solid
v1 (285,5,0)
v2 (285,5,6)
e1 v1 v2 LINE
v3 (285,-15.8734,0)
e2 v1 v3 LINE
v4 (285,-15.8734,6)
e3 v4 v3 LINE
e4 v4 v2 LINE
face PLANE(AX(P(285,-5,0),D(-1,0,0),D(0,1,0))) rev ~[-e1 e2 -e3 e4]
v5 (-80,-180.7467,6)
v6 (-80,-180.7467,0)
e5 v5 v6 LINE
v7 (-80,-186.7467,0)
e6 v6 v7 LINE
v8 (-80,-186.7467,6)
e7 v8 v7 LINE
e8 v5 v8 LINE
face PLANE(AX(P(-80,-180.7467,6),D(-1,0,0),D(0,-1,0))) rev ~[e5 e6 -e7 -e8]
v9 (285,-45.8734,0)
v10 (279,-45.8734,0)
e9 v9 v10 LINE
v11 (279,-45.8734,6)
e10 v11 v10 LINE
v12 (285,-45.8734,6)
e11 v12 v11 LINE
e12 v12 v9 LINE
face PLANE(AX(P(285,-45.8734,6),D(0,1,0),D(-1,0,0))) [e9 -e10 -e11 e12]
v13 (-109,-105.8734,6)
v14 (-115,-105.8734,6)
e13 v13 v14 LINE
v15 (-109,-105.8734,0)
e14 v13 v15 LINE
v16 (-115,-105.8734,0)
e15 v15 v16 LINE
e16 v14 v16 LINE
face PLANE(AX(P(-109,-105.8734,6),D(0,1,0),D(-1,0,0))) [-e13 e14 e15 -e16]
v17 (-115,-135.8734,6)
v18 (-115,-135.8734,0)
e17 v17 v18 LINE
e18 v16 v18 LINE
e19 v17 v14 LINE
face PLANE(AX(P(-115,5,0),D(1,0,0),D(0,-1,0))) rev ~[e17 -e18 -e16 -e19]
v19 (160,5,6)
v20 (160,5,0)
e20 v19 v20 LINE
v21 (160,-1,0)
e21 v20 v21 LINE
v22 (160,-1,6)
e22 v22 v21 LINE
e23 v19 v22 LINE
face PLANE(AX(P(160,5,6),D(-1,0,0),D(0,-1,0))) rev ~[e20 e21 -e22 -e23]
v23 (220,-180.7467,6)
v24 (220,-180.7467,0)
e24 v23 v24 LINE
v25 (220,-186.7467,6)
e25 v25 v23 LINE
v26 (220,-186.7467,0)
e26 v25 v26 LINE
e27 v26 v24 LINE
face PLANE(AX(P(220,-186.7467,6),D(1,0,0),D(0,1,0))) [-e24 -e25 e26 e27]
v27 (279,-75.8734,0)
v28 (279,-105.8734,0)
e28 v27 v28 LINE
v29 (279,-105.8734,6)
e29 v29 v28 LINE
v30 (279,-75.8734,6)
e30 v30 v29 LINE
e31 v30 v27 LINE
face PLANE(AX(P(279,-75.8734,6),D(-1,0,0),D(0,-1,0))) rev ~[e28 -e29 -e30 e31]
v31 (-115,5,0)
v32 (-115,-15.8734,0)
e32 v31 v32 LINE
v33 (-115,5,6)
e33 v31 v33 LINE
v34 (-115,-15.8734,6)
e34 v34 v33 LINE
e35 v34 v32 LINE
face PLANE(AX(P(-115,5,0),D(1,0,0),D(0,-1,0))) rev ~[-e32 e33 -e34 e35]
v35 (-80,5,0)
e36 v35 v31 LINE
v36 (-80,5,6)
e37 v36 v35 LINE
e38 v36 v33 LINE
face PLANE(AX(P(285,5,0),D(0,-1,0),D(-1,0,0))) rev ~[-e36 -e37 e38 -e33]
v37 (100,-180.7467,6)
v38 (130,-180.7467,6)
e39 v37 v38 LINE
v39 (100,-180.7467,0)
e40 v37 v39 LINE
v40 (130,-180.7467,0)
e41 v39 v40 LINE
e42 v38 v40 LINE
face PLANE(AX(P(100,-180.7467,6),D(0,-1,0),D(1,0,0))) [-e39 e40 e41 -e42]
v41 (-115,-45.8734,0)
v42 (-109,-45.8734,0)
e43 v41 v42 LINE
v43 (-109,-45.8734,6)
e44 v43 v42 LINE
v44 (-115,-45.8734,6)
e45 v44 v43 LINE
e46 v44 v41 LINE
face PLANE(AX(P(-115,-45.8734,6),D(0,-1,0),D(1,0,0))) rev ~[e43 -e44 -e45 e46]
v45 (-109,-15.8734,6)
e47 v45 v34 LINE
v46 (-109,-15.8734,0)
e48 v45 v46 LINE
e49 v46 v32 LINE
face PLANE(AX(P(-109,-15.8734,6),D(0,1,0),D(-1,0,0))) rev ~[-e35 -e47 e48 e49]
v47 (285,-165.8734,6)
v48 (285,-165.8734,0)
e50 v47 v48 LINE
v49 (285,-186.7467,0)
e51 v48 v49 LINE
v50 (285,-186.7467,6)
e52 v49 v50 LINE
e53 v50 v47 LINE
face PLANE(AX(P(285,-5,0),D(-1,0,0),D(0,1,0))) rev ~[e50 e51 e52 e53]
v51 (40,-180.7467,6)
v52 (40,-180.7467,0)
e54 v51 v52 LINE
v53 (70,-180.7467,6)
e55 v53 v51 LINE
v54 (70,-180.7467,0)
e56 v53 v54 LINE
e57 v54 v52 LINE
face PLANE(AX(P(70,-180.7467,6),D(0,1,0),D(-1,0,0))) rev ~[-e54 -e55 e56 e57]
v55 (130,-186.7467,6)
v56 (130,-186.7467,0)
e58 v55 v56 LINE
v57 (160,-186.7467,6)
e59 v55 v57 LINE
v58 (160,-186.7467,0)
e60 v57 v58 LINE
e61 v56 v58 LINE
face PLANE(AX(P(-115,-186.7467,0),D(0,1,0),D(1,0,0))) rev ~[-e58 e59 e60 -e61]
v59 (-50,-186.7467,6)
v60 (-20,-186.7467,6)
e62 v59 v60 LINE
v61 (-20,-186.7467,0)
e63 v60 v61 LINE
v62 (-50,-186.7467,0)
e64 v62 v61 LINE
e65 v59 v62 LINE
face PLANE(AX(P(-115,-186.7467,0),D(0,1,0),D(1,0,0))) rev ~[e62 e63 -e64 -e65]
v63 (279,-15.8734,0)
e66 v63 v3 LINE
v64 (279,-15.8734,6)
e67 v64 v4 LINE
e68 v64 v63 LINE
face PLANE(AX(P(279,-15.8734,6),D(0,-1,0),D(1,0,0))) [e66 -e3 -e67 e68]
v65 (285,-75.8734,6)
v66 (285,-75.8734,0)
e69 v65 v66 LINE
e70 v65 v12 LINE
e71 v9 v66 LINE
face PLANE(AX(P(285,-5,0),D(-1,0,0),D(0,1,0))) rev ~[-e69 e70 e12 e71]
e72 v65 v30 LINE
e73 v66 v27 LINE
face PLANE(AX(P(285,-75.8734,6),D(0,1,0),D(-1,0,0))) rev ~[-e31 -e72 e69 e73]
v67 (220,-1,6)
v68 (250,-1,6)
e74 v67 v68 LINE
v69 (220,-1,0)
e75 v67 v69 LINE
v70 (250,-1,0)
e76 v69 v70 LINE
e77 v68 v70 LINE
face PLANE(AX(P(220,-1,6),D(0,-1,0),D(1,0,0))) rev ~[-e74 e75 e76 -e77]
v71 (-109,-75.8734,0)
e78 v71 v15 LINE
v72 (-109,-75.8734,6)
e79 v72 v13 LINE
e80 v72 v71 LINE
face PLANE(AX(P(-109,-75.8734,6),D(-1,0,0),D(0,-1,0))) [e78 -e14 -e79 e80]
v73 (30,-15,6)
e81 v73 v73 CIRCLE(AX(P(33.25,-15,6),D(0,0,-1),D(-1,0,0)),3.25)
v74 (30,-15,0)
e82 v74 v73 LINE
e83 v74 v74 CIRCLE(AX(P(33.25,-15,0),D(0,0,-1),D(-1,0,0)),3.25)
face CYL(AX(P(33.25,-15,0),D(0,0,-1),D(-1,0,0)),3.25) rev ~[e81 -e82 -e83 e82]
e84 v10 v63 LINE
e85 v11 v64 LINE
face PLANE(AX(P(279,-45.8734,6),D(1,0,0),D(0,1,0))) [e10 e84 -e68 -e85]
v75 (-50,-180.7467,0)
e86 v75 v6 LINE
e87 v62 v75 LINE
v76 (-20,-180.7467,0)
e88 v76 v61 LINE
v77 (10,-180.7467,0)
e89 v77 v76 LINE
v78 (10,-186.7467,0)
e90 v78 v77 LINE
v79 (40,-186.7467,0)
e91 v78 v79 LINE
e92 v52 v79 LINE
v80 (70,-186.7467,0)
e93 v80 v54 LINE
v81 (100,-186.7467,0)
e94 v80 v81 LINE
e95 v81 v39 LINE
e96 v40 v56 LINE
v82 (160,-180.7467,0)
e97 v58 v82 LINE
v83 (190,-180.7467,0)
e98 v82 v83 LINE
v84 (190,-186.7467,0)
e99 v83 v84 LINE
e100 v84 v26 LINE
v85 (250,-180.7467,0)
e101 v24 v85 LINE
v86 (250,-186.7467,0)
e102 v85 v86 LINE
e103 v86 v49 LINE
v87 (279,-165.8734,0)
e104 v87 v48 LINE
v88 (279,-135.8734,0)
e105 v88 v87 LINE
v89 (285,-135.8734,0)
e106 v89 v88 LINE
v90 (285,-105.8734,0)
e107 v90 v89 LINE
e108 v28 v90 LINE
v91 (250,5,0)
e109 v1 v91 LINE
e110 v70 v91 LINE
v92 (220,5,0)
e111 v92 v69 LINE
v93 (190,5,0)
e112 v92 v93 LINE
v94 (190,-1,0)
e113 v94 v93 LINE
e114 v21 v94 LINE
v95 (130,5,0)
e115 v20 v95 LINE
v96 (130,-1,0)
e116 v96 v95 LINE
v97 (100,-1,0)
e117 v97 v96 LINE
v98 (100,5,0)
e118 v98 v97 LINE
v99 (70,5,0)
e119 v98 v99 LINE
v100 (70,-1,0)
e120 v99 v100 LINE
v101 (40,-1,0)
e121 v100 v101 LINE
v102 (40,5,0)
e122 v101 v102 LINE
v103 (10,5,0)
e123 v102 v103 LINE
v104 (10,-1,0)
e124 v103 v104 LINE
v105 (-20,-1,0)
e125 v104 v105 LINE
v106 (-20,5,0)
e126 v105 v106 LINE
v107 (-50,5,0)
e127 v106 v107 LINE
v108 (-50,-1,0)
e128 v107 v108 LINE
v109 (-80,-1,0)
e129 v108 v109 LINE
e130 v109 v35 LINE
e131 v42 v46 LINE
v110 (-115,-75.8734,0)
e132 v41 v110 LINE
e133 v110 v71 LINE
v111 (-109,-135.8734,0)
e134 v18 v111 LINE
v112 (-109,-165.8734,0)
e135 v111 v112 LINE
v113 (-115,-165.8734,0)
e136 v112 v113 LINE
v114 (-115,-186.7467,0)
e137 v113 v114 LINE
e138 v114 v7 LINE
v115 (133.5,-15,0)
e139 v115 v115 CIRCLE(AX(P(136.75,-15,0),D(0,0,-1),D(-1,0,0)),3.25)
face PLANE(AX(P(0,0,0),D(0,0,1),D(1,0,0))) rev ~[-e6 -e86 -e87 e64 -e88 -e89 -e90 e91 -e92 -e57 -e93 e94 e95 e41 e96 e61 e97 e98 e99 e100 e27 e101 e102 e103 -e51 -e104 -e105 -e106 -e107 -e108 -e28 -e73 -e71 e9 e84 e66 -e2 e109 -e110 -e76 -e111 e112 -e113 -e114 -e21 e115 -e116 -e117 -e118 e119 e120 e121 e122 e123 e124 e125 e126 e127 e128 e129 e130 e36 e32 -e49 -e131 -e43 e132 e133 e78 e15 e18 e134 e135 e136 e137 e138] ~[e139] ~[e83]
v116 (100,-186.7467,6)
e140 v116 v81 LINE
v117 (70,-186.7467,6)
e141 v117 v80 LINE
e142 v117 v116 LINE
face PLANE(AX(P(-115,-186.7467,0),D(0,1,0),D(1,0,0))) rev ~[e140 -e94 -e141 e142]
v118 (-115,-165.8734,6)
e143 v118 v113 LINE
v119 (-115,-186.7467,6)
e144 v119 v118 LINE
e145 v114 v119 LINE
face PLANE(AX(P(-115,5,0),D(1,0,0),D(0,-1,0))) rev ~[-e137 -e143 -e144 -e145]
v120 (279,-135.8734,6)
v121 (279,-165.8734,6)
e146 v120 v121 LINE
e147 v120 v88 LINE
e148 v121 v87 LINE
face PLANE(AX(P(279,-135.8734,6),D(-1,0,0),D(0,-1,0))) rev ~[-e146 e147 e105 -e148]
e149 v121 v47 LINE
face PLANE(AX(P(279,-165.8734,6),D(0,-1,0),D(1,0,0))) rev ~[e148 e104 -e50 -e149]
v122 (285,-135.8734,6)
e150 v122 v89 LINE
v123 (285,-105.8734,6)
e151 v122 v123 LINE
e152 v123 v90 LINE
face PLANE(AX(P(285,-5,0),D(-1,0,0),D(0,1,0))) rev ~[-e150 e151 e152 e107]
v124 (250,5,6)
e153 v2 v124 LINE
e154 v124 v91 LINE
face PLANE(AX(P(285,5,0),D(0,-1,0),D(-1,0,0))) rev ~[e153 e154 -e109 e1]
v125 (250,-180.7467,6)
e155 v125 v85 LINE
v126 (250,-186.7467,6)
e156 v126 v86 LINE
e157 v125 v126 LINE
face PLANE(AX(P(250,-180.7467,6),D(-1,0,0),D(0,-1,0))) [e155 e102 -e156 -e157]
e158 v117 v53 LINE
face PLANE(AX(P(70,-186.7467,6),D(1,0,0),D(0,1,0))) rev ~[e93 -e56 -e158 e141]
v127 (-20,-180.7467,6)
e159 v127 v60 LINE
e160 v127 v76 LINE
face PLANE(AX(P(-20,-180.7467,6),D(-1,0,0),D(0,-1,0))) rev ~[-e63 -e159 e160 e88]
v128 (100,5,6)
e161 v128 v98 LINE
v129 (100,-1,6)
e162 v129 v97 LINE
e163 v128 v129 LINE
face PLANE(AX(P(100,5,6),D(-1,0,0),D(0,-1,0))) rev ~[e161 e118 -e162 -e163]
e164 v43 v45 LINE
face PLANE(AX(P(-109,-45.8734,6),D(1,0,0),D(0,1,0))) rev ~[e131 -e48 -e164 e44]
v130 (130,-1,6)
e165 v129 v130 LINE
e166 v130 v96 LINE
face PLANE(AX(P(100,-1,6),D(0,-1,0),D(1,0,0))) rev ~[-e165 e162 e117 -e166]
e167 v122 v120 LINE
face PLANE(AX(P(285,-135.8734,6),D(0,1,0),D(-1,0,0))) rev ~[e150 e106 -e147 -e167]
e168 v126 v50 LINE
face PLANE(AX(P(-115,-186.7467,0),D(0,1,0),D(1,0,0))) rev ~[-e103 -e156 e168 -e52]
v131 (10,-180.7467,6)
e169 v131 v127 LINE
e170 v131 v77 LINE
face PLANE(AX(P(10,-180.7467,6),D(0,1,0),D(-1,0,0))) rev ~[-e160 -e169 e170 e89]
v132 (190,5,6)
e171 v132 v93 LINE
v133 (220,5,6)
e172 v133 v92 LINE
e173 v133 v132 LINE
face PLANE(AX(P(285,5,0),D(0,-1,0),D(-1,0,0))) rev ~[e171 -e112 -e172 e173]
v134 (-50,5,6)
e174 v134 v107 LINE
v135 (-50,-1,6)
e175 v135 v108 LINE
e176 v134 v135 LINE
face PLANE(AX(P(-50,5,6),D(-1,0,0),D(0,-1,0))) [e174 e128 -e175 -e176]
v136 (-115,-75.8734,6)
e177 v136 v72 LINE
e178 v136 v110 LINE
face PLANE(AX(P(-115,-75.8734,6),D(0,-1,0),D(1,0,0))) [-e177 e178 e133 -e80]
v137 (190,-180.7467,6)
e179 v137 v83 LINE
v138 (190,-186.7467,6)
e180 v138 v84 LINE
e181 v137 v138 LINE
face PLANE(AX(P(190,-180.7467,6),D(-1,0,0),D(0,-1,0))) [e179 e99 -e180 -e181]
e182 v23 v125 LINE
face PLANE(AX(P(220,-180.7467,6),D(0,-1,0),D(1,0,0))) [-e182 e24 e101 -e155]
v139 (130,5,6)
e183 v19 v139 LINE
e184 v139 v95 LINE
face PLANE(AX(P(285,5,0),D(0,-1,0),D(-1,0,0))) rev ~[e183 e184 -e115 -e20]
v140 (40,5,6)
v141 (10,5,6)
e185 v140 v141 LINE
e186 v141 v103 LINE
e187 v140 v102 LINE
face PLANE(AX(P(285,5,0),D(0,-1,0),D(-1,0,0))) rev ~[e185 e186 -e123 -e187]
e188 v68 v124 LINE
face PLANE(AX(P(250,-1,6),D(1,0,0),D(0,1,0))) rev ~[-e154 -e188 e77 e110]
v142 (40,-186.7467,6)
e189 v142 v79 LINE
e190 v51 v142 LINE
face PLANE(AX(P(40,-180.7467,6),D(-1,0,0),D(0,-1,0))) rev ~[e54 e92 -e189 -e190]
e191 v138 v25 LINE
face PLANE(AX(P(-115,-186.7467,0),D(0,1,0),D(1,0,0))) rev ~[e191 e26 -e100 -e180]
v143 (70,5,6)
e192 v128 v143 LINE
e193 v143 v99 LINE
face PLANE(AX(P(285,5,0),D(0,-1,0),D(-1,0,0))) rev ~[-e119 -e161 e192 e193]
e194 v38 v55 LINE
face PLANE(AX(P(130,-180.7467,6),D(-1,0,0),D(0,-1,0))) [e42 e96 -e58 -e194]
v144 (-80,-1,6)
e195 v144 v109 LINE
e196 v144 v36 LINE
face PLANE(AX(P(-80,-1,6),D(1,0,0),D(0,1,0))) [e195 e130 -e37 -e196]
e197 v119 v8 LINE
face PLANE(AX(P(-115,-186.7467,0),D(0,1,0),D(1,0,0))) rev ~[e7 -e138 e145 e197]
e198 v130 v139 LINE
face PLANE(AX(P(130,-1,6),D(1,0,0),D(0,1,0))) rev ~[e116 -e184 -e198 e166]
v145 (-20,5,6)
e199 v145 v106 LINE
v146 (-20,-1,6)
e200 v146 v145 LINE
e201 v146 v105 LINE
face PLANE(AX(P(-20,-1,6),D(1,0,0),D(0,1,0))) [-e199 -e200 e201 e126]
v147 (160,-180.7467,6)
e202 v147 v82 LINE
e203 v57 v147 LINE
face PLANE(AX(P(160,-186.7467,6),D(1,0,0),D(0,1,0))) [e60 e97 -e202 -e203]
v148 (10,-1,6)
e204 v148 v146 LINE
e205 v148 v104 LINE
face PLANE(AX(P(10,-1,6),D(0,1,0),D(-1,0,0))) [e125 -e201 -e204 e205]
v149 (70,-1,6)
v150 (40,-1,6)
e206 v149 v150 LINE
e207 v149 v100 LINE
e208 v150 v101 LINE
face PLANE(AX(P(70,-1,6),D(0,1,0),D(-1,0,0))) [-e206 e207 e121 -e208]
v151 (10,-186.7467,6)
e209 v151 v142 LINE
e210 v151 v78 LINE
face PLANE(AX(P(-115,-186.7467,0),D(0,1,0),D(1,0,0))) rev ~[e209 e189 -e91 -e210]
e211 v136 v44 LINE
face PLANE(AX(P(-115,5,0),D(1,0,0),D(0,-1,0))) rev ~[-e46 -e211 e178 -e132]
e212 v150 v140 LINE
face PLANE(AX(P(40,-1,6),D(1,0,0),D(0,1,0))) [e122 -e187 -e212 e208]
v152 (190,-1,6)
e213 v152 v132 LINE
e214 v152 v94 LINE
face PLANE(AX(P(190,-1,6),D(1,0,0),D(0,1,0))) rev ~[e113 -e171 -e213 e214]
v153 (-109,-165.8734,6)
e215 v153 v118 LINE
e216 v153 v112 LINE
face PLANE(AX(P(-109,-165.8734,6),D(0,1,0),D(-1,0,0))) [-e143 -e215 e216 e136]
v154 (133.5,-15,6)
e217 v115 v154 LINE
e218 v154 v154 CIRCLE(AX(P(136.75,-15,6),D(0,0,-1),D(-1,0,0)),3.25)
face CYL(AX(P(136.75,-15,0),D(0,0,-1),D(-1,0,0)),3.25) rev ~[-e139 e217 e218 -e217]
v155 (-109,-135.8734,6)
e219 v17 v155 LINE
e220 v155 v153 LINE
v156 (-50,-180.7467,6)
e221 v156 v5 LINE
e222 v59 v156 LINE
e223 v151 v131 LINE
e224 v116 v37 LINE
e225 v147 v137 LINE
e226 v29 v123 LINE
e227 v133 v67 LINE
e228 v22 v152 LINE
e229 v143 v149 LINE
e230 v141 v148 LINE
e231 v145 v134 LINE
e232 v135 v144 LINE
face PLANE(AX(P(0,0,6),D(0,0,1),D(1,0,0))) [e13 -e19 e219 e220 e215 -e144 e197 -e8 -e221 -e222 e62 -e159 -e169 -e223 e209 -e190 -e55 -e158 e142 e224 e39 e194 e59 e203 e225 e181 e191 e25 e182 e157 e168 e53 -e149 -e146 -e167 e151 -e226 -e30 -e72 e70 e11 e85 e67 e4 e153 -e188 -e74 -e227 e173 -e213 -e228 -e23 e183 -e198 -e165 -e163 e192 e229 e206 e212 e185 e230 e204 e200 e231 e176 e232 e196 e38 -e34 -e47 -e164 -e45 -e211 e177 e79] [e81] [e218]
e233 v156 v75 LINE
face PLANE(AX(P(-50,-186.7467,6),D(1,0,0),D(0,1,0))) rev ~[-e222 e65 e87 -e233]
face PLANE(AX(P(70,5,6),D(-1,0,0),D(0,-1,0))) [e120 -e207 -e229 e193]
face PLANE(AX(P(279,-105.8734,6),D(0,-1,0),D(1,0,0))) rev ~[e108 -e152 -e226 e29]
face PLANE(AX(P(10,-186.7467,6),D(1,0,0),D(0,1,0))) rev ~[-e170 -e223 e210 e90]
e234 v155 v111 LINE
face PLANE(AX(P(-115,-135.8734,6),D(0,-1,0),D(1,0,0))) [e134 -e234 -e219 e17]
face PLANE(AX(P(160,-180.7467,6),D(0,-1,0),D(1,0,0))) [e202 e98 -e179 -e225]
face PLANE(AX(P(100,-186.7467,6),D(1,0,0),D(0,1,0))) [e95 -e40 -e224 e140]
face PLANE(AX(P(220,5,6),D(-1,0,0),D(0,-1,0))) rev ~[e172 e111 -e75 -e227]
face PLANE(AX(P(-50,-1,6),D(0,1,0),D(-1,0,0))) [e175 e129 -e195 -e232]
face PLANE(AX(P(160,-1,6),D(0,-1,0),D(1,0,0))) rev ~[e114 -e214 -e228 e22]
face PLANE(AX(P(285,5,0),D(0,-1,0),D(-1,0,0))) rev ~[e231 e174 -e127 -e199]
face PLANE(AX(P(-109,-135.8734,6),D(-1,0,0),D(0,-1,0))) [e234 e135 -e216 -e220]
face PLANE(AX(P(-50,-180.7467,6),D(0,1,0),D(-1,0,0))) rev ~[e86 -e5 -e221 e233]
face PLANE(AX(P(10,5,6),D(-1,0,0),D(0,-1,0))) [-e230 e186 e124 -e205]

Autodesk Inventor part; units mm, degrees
ref_plane "YZ Plane" through (0, 0, 0) normal (1, 0, 0) x (0, 1, 0)
ref_plane "XZ Plane" through (0, 0, 0) normal (0, 1, 0) x (-1, 0, 0)
ref_plane "Work Plane1" through (0, 0, 0) normal (0, 0, 1) x (1, 0, 0)
sketch "Sketch1" plane through (0, 0, 0) normal (0, 0, 1) x (1, 0, 0)
  line L0 (0, -5) -> (43, -5) projected
  line L1 (0, -25) -> (0, -5) projected
  line L2 (0, -25) -> (3, -25) projected
  line L3 (3, -25) -> (43, -25) projected
  line L4 (43, -5) -> (43, -25) projected
  line L5 (127, -5) -> (170, -5) projected
  line L6 (127, -5) -> (127, -25) projected
  line L7 (167, -25) -> (127, -25) projected
  line L8 (170, -25) -> (167, -25) projected
  line L9 (170, -25) -> (170, -5) projected
  ellipse E0 centre (272.0385, -161.4535) end of major axis (262.0385, -161.4535) minor radius 9.7437 projected
  line L10 (264.0385, -174.9547) -> (285, -186.7467) projected
  line L11 (285, -186.7467) -> (285, -136.1602) projected
  line L12 (285, -136.1602) -> (264.0385, -147.9522) projected
  ellipse E1 centre (272.0385, -161.4535) end of major axis (256.0385, -161.4535) minor radius 15.5899 (264.0385, -147.9522) -> (264.0385, -174.9547) ccw projected
  ellipse E2 centre (-102.0385, -161.4535) end of major axis (-92.0385, -161.4535) minor radius 9.7437 projected
  line L13 (-94.0385, -174.9547) -> (-115, -186.7467) projected
  ellipse E3 centre (-102.0385, -161.4535) end of major axis (-86.0385, -161.4535) minor radius 15.5899 (-94.0385, -174.9547) -> (-94.0385, -147.9522) ccw projected
  line L14 (-115, -136.1602) -> (-94.0385, -147.9522) projected
  line L15 (-115, -186.7467) -> (-115, -136.1602) projected
  line L16 (-115, -136.1602) -> (-115, -5) construction
  line L17 (-115, -5) -> (285, -5) construction
  line L18 (285, -5) -> (285, -186.7467) construction
  line L19 (285, -186.7467) -> (-115, -186.7467) construction
  line L20 (-115, -186.7467) -> (-115, -136.1602) construction
  line L21 (285, -5) -> (-115, -5)
  line L22 (-115, -5) -> (-115, -186.7467)
  line L23 (-115, -186.7467) -> (285, -186.7467)
  line L24 (285, -186.7467) -> (285, -5)
  circle A0 centre (147, -15) radius 3.25
  circle A1 centre (23, -15) radius 3.25
  circle A2 centre (23, -15) radius 2.4585 projected
  circle A3 centre (147, -15) radius 2.4585 projected
  line L25 (-115, -5) -> (285, -5)
  line L26 (285, -5) -> (285, 5)
  line L27 (285, 5) -> (-115, 5)
  line L28 (-115, 5) -> (-115, -5)
  point P0 (0, 0)
  point P1 (170, -15)
  point P2 (147, -25)
  point P3 (23, -25)
  point P4 (43, -15)
  dimension "d0" = 6.5
  dimension "d2" = 10
extrude "Plate1" add sketch "Sketch1" along normal blind 6 contours L21 L28 L27 L26 L5 L0 | L0 L4 L3 L2 L1 | L1 L2 L3 L4 L21 L6 L7 L8 L9 L24 L12 E1 L10 L23 L13 E3 L14 L22 | L5 L9 L8 L7 L6 | L14 E3 L13 L15 | L10 E1 L12 L11 | E0 | E2 | A0 | A1 | A2 | A3
sketch "Sketch2" plane through (0, 0, 6) normal (0, 0, 1) x (1, 0, 0)
  line L0 (-115, -186.7467) -> (-115, 5) projected
  line L1 (285, -186.7467) -> (-115, -186.7467) projected
  line L2 (285, 5) -> (285, -186.7467) projected
  line L3 (-115, 5) -> (285, 5) projected
  line L4 (285, -186.7467) -> (285, 5) projected
  line L5 (285, -75.8734) -> (279, -75.8734)
  line L6 (279, -75.8734) -> (279, -105.8734)
  line L7 (279, -105.8734) -> (285, -105.8734)
  line L8 (285, -105.8734) -> (285, -75.8734)
  line L9 (285, -45.8734) -> (279, -45.8734)
  line L10 (279, -45.8734) -> (279, -15.8734)
  line L11 (279, -15.8734) -> (285, -15.8734)
  line L12 (285, -15.8734) -> (285, -45.8734)
  line L13 (285, -135.8734) -> (279, -135.8734)
  line L14 (279, -135.8734) -> (279, -165.8734)
  line L15 (279, -165.8734) -> (285, -165.8734)
  line L16 (285, -165.8734) -> (285, -135.8734)
  line L17 (285, 5) -> (-115, 5) construction
  line L18 (85, 5) -> (85, -186.7467) construction
  line L19 (-115, -75.8734) -> (-109, -75.8734)
  line L20 (-109, -75.8734) -> (-109, -105.8734)
  line L21 (-109, -105.8734) -> (-115, -105.8734)
  line L22 (-115, -105.8734) -> (-115, -75.8734)
  line L23 (-115, -45.8734) -> (-109, -45.8734)
  line L24 (-109, -45.8734) -> (-109, -15.8734)
  line L25 (-109, -15.8734) -> (-115, -15.8734)
  line L26 (-115, -15.8734) -> (-115, -45.8734)
  line L27 (-115, -135.8734) -> (-109, -135.8734)
  line L28 (-109, -135.8734) -> (-109, -165.8734)
  line L29 (-109, -165.8734) -> (-115, -165.8734)
  line L30 (-115, -165.8734) -> (-115, -135.8734)
  line L31 (-115, -186.7467) -> (285, -186.7467) projected
  line L32 (250, -186.7467) -> (220, -186.7467)
  line L33 (220, -186.7467) -> (220, -180.7467)
  line L34 (220, -180.7467) -> (250, -180.7467)
  line L35 (250, -180.7467) -> (250, -186.7467)
  line L36 (190, -186.7467) -> (160, -186.7467)
  line L37 (160, -186.7467) -> (160, -180.7467)
  line L38 (160, -180.7467) -> (190, -180.7467)
  line L39 (190, -180.7467) -> (190, -186.7467)
  line L40 (130, -186.7467) -> (100, -186.7467)
  line L41 (100, -186.7467) -> (100, -180.7467)
  line L42 (100, -180.7467) -> (130, -180.7467)
  line L43 (130, -180.7467) -> (130, -186.7467)
  line L44 (285, -90.8734) -> (-115, -90.8734) construction
  line L45 (250, 5) -> (220, 5)
  line L46 (220, 5) -> (220, -1)
  line L47 (220, -1) -> (250, -1)
  line L48 (250, -1) -> (250, 5)
  line L49 (190, 5) -> (160, 5)
  line L50 (160, 5) -> (160, -1)
  line L51 (160, -1) -> (190, -1)
  line L52 (190, -1) -> (190, 5)
  line L53 (130, 5) -> (100, 5)
  line L54 (100, 5) -> (100, -1)
  line L55 (100, -1) -> (130, -1)
  line L56 (130, -1) -> (130, 5)
  circle A0 centre (23, -15) radius 3.25
  line L57 (-80, -186.7467) -> (-50, -186.7467)
  line L58 (-50, -186.7467) -> (-50, -180.7467)
  line L59 (-50, -180.7467) -> (-80, -180.7467)
  line L60 (-80, -180.7467) -> (-80, -186.7467)
  line L61 (-20, -186.7467) -> (10, -186.7467)
  line L62 (10, -186.7467) -> (10, -180.7467)
  line L63 (10, -180.7467) -> (-20, -180.7467)
  line L64 (-20, -180.7467) -> (-20, -186.7467)
  line L65 (40, -186.7467) -> (70, -186.7467)
  line L66 (70, -186.7467) -> (70, -180.7467)
  line L67 (70, -180.7467) -> (40, -180.7467)
  line L68 (40, -180.7467) -> (40, -186.7467)
  line L69 (70, 5) -> (70, -1)
  line L70 (40, 5) -> (70, 5)
  line L71 (40, -1) -> (40, 5)
  line L72 (10, 5) -> (10, -1)
  line L73 (-20, 5) -> (10, 5)
  line L74 (10, -1) -> (-20, -1)
  line L75 (-20, -1) -> (-20, 5)
  line L76 (70, -1) -> (40, -1)
  line L77 (-50, 5) -> (-50, -1)
  line L78 (-80, 5) -> (-50, 5)
  line L79 (-80, -1) -> (-80, 5)
  line L80 (-50, -1) -> (-80, -1)
  point P0 (0, 0)
  point P1 (115, -180.7467)
  point P2 (115, -1)
  point P3 (55, -180.7467)
  point P4 (55, -1)
  dimension "d3" = 6
  dimension "d4" = 30
  dimension "d5" = 30
  dimension "d6" = 30
  dimension "d7" = 30
  dimension "d8" = 30
  dimension "d10" = 15
extrude "Cut1" cut sketch "Sketch2" against normal blind 6 contours L0 L27 L28 L29 | L60 L59 L58 L1 | L0 L19 L20 L21 | L64 L63 L62 L1 | L0 L25 L24 L23 | L68 L67 L66 L1 | L41 L42 L43 L1 | L3 L77 L80 L79 | L37 L38 L39 L1 | L3 L72 L74 L75 | L33 L34 L35 L1 | L3 L69 L76 L71 | L3 L56 L55 L54 | L15 L14 L13 L2 | L3 L52 L51 L50 | L7 L6 L5 L2 | L3 L48 L47 L46 | L9 L10 L11 L2
sketch "Sketch3" plane through (0, 0, 0) normal (0, 0, -1) x (-1, 0, 0)
  circle A0 centre (-147, -15) radius 3.25 projected
  circle A1 centre (-23, -15) radius 3.25 projected
  circle A2 centre (-136.75, -15) radius 3.25
  circle A3 centre (-33.25, -15) radius 3.25
  line L0 (115, -5) -> (-285, -5) construction
  line L1 (-136.75, -15) -> (-33.25, -15) construction
  point P0 (0, 0)
  point P1 (-23, -15)
  point P2 (-85, -15)
  point P3 (-85, -5)
  dimension "d13" = 103.5
extrude "Cut2" cut sketch "Sketch3" against normal blind 6 contours A2 | A3
equation "\"d5\" = d4"
equation "\"d6\" = d5"
equation "\"d7\" = d4"
equation "\"d8\" = d7"
equation "\"d11\" = Thickness"
equation "\"d14\" = Thickness"
equation "\"d1\" = Thickness"
equation "\"BendRadius\" = Thickness"
equation "\"BendReliefWidth\" = Thickness"
equation "\"BendReliefDepth\" = 0.5 * Thickness"
equation "\"CornerReliefSize\" = 4 * Thickness"
equation "\"MinimumRemnant\" = 2 * Thickness"
equation "\"TransitionRadius\" = BendRadius"
equation "\"JacobiRadiusSize\" = BendRadius"
equation "\"GapSize\" = Thickness"
equation "\"Thickness\" = 6"
properties part number "elektronica behuizing" material "Wood (Birch)"
